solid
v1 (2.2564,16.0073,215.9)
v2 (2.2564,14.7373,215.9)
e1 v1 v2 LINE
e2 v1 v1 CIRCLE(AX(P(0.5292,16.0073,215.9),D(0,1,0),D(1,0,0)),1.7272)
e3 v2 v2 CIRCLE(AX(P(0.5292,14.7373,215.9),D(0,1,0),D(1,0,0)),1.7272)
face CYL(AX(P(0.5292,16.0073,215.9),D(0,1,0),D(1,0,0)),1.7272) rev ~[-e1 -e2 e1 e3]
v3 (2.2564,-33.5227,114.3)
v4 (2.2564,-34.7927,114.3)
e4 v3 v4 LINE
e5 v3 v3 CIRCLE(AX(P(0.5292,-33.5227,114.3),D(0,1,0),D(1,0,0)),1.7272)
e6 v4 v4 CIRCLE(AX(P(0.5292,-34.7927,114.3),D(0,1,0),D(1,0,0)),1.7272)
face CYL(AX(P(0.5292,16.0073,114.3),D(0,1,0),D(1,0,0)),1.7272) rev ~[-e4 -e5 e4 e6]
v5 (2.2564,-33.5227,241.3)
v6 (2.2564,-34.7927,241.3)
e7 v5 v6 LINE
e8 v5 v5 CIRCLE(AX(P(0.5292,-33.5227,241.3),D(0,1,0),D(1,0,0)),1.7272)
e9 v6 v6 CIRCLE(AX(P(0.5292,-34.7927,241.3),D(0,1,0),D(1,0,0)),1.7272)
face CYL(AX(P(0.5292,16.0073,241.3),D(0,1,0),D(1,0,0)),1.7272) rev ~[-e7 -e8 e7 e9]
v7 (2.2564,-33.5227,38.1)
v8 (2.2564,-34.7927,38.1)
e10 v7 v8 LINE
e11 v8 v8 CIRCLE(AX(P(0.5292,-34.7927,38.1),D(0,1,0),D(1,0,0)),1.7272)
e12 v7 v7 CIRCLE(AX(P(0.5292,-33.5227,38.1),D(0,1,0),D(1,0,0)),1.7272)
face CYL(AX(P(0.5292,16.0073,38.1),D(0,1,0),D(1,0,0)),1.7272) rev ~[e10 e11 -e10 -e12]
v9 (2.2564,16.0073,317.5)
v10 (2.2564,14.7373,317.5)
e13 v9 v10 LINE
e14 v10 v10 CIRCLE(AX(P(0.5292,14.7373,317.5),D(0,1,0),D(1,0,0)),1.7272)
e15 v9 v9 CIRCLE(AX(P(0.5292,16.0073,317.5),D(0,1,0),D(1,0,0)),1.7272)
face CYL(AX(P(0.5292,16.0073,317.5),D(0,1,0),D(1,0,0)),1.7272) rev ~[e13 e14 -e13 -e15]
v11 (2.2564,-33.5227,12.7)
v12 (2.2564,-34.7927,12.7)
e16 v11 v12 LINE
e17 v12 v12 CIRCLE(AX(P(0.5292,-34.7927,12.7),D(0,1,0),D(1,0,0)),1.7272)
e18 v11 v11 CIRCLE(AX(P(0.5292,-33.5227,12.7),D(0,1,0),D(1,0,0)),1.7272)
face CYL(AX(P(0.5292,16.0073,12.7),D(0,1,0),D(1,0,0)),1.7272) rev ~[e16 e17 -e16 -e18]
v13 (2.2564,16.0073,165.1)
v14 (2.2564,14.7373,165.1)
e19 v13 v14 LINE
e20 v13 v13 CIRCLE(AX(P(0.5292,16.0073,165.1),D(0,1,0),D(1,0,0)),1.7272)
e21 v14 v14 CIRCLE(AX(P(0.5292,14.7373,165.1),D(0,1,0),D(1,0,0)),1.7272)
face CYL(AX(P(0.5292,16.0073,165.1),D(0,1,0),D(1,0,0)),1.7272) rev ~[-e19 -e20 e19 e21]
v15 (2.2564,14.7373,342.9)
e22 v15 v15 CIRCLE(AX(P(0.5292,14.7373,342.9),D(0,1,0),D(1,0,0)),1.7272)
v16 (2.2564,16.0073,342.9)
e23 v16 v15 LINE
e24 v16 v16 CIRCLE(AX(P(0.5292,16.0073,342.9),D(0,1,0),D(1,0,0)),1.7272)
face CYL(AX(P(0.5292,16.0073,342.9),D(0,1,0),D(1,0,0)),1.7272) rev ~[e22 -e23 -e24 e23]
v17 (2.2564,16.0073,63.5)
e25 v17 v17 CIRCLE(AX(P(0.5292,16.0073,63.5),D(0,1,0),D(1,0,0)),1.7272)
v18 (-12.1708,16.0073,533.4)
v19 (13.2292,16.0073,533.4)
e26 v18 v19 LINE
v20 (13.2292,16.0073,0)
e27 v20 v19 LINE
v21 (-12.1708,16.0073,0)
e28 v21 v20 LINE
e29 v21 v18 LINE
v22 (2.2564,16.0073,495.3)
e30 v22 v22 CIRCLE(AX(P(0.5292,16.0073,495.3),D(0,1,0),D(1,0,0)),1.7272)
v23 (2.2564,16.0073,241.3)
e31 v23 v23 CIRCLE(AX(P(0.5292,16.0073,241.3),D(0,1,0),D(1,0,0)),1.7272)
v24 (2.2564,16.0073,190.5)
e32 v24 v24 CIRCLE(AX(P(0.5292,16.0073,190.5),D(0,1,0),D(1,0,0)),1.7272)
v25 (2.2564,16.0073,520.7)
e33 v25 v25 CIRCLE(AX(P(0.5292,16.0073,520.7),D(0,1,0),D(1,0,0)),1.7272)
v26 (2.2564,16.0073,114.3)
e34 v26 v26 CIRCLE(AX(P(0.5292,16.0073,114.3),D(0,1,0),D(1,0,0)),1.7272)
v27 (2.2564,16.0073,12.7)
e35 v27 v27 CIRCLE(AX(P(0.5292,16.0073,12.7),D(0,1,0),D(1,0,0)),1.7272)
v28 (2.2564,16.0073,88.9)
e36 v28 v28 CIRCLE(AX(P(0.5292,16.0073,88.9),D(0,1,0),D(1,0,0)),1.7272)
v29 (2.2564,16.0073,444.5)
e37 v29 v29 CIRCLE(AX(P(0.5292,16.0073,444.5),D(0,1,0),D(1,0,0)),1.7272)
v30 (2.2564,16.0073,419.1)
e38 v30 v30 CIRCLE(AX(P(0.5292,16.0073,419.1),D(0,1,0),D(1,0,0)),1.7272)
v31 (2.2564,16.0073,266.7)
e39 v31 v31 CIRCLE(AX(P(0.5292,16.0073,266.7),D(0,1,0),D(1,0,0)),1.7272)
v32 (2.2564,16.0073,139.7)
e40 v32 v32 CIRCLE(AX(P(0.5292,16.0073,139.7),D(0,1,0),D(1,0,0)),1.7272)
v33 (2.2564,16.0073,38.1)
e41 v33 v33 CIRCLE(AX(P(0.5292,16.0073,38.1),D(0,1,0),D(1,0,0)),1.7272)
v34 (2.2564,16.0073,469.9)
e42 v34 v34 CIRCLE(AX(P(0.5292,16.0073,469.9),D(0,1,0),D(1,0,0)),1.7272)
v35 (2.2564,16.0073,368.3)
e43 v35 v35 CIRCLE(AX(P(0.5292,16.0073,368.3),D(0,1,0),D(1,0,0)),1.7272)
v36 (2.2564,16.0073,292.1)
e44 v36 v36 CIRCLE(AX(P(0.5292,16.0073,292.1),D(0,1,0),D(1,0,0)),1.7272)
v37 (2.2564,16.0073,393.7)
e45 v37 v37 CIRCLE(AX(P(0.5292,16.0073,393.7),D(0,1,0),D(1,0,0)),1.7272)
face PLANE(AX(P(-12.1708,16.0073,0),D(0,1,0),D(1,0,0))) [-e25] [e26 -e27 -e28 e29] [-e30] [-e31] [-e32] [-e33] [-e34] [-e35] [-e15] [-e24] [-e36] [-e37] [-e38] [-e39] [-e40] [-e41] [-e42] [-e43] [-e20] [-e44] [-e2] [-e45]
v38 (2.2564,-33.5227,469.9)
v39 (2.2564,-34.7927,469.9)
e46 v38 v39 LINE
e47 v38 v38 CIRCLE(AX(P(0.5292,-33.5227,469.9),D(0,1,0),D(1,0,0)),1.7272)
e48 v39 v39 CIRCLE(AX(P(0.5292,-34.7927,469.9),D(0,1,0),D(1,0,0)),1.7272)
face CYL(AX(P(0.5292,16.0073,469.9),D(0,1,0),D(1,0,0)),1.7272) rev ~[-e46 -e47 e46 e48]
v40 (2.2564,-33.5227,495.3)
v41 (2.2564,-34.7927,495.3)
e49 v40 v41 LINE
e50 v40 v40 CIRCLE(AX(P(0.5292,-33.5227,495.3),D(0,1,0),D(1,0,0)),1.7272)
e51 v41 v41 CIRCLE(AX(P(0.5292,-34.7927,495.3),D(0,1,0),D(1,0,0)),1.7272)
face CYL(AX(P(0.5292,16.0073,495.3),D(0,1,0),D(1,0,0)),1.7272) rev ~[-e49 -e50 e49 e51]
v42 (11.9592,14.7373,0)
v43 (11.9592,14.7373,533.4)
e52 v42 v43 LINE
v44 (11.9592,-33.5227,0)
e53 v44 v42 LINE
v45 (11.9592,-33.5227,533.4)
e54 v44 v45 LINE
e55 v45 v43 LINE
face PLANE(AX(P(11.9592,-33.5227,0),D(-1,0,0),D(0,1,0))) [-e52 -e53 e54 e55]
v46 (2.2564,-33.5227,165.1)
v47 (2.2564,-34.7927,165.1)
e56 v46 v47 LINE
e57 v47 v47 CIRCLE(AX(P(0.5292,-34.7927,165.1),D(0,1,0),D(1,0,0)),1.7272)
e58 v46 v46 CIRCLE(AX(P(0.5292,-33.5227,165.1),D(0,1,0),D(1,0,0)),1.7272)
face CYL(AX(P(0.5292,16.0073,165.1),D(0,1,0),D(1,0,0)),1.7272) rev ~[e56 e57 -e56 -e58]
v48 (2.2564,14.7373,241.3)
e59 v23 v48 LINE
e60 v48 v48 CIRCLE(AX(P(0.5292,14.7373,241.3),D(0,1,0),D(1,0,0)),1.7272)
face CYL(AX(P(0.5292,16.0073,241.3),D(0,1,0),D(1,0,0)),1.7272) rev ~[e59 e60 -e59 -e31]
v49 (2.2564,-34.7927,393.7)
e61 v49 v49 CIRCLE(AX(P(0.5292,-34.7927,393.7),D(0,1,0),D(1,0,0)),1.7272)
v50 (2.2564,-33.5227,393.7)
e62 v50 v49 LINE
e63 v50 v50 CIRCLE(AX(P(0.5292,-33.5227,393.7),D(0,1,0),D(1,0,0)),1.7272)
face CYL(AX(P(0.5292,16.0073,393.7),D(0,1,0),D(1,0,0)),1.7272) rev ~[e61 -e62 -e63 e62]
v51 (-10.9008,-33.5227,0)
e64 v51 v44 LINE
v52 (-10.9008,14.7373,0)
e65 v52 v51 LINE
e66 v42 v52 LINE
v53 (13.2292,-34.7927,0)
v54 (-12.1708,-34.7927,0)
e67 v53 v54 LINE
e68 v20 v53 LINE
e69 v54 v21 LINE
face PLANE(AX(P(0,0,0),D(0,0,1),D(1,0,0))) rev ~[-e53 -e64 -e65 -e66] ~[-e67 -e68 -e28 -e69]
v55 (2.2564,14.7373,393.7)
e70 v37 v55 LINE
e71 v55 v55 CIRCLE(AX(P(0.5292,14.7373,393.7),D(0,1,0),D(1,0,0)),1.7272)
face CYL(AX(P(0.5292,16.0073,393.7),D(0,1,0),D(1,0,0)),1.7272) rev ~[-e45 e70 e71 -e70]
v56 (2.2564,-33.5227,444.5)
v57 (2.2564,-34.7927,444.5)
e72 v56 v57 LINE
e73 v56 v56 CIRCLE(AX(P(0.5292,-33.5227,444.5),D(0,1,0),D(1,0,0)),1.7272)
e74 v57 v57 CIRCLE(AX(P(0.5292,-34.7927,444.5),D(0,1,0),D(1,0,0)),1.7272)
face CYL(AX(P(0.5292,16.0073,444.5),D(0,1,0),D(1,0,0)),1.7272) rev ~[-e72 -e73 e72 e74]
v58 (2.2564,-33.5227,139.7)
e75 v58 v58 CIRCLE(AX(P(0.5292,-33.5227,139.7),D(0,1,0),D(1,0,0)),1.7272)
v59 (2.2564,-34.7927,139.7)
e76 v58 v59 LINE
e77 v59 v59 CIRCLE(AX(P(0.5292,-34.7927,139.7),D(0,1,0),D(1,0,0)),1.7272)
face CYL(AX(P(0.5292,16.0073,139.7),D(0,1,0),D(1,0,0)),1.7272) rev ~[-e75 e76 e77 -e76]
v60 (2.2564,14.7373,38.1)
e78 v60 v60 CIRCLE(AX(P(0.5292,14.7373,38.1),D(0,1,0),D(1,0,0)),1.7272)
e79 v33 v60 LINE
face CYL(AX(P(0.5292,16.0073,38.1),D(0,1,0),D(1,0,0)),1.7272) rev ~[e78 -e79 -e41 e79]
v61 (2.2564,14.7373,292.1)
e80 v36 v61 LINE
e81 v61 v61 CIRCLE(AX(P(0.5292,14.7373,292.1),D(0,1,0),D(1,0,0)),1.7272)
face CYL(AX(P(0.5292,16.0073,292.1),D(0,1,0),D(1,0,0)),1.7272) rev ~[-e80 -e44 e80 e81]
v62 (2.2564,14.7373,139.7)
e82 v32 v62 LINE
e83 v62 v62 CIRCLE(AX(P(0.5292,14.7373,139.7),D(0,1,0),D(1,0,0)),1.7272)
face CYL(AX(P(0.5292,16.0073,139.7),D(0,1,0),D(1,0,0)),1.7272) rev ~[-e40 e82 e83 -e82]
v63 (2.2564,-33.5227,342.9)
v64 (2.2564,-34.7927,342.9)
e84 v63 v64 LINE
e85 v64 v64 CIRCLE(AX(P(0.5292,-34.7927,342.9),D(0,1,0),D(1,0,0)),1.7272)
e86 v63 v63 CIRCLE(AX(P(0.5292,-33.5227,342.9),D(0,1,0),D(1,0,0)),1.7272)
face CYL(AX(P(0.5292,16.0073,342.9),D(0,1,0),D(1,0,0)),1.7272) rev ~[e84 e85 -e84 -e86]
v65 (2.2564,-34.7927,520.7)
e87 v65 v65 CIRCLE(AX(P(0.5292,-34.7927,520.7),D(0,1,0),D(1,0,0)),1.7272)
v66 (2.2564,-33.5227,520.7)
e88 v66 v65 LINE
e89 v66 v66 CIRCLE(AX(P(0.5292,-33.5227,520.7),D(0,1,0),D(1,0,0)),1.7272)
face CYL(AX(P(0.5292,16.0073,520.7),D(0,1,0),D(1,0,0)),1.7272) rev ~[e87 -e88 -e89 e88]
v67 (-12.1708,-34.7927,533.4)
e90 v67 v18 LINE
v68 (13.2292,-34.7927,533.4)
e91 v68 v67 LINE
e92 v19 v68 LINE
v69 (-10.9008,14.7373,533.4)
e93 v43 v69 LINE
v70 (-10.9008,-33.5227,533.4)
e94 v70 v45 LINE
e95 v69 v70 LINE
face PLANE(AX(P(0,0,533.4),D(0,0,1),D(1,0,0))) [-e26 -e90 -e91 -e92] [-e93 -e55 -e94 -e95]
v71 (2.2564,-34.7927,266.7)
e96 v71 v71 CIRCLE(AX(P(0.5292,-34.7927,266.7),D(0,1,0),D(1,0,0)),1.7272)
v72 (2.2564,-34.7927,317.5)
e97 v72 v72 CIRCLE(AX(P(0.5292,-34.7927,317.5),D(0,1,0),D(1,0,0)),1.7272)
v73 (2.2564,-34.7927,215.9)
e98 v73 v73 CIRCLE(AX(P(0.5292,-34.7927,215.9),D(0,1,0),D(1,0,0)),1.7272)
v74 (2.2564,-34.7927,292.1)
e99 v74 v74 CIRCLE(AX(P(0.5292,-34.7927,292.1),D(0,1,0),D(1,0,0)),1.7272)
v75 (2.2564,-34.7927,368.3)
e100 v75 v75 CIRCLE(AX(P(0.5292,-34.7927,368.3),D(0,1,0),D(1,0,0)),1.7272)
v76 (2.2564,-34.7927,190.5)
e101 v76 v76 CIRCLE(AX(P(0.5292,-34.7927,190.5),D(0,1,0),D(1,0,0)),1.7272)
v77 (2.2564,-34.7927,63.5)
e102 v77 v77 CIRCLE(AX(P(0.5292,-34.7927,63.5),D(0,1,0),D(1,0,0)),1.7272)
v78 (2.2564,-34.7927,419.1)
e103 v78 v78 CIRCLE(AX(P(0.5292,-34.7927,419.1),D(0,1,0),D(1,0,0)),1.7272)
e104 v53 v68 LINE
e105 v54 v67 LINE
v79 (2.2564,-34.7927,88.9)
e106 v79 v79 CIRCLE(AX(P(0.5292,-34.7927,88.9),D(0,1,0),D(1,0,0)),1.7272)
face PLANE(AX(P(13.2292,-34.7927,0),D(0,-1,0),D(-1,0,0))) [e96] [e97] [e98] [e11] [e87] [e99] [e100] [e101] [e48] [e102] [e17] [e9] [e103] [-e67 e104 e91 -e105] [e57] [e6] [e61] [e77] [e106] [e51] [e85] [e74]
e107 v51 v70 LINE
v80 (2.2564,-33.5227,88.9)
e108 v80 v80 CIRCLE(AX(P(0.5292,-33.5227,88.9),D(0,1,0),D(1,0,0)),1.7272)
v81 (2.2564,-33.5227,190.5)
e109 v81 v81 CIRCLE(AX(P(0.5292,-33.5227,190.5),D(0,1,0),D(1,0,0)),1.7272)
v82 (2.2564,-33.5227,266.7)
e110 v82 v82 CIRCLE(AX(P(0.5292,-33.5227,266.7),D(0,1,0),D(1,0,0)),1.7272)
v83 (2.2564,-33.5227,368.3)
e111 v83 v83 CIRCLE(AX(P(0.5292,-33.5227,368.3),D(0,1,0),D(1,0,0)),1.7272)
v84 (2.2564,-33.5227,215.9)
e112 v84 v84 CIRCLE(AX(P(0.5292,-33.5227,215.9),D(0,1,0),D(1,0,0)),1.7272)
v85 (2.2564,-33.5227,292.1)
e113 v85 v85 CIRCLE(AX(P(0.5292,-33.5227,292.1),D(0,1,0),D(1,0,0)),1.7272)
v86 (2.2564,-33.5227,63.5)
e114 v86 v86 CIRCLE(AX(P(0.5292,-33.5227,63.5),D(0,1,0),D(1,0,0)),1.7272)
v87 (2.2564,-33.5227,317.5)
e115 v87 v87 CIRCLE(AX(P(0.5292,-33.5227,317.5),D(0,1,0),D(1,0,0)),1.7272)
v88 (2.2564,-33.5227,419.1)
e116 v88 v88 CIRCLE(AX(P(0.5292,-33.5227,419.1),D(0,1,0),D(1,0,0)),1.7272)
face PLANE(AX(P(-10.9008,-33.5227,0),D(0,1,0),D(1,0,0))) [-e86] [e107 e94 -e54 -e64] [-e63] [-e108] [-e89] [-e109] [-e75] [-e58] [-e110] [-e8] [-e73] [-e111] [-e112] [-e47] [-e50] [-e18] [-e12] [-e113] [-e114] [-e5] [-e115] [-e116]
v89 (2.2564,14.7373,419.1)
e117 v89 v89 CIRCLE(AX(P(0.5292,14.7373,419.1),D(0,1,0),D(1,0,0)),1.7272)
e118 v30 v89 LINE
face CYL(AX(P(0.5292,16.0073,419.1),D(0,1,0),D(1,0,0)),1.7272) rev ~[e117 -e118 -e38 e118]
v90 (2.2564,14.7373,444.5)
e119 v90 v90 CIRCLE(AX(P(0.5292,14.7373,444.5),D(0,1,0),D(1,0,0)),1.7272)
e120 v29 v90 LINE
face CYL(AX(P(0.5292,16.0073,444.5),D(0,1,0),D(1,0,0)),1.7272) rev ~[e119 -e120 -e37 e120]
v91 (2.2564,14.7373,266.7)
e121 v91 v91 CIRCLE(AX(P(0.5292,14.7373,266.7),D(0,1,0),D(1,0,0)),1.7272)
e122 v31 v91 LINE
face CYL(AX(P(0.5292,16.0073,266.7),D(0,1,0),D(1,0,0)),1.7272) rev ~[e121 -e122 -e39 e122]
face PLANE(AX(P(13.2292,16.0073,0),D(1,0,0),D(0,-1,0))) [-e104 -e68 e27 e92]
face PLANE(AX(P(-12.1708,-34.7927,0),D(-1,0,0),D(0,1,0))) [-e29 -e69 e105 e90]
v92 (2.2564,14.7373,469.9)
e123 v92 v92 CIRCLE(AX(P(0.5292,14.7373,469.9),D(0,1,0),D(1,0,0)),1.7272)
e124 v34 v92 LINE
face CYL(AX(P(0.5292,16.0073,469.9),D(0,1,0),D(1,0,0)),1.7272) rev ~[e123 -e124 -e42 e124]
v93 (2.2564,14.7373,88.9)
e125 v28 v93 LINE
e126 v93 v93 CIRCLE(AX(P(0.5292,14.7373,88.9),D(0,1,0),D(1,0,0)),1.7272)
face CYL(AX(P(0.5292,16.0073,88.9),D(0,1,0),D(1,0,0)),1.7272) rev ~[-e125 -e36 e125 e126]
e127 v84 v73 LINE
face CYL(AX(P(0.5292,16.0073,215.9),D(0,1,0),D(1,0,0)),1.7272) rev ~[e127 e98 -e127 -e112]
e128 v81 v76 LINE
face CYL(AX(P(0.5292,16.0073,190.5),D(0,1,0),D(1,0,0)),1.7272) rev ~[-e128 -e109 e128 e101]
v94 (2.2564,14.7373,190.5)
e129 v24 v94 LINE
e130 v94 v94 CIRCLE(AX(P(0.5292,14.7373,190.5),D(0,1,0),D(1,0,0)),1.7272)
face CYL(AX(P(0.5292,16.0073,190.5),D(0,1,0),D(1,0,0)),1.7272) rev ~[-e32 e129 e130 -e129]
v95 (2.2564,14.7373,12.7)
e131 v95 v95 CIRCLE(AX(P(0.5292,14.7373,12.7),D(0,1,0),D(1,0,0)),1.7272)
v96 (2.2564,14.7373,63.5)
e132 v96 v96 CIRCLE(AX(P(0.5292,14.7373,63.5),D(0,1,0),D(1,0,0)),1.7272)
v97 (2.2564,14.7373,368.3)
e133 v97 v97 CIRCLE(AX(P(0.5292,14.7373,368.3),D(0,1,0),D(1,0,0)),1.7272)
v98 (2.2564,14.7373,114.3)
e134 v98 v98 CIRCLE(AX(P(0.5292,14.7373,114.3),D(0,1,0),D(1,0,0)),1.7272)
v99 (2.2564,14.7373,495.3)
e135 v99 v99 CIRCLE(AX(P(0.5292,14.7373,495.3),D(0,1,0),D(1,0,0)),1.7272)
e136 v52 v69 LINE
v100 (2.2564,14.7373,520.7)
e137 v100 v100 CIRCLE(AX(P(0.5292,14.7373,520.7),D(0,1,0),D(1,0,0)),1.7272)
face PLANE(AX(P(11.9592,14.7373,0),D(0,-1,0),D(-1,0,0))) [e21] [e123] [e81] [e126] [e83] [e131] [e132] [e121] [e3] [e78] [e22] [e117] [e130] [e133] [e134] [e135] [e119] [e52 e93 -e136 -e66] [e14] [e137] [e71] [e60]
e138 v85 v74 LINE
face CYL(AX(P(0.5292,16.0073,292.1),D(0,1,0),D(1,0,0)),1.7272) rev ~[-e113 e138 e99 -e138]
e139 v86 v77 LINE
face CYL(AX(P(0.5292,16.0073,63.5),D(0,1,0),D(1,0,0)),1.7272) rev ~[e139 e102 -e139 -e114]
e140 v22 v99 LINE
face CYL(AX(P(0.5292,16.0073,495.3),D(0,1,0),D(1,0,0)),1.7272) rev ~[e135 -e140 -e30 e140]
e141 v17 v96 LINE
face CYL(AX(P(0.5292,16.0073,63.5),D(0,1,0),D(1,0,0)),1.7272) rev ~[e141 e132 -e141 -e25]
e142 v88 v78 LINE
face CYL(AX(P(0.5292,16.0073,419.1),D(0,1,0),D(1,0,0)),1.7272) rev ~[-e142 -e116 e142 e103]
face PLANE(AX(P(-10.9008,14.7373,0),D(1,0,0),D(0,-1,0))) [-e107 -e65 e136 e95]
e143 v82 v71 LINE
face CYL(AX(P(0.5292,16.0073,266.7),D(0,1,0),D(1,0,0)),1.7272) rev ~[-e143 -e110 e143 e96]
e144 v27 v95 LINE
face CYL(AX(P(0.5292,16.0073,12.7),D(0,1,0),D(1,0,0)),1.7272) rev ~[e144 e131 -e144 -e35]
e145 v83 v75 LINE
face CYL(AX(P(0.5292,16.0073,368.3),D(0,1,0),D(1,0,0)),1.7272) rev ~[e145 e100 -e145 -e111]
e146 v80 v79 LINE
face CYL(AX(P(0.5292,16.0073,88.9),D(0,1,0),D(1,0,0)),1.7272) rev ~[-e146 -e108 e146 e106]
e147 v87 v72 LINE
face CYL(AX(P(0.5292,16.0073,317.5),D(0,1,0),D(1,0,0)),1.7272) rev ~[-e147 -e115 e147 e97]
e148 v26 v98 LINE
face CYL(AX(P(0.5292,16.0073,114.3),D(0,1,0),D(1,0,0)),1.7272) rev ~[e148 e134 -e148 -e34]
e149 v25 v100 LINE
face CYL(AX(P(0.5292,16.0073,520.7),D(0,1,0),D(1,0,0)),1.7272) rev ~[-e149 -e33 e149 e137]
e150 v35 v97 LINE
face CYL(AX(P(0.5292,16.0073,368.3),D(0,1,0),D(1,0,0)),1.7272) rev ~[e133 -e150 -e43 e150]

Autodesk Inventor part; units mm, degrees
ref_plane "YZ Plane" through (0, 0, 0) normal (1, 0, 0) x (0, 1, 0)
ref_plane "XZ Plane" through (0, 0, 0) normal (0, 1, 0) x (-1, 0, 0)
ref_plane "XY Plane" through (0, 0, 0) normal (0, 0, 1) x (1, 0, 0)
sketch "Sketch1" plane through (0, 0, 0) normal (0, 0, 1) x (1, 0, 0)
  line L0 (-12.1708, 16.0073) -> (13.2292, 16.0073)
  line L1 (13.2292, 16.0073) -> (13.2292, -34.7927)
  line L2 (13.2292, -34.7927) -> (-12.1708, -34.7927)
  line L3 (-12.1708, -34.7927) -> (-12.1708, 16.0073)
  line L4 (11.9592, 14.7373) -> (-10.9008, 14.7373)
  line L5 (-10.9008, 14.7373) -> (-10.9008, -33.5227)
  line L6 (-10.9008, -33.5227) -> (11.9592, -33.5227)
  line L7 (11.9592, -33.5227) -> (11.9592, 14.7373)
  point P0 (0, 0)
  dimension "d0" = 25.4
  dimension "d1" = 50.8
  dimension "d2" = 1.27
extrude "Extrusion1" add sketch "Sketch1" along normal blind 533.4
sketch "Sketch2" plane through (-12.1708, 16.0073, 0) normal (0, 1, 0) x (1, 0, 0)
  circle A0 centre (12.7, -12.7) radius 1.7272
  line L0 (25.4, 0) -> (0, 0) projected
  line L1 (0, 0) -> (0, -533.4) projected
  point P0 (12.1708, 0)
  dimension "d5" = 3.4544
  dimension "d6" = 12.7
  dimension "d7" = 12.7
extrude "Extrusion2" cut sketch "Sketch2" against normal through all
pattern_linear "Rectangular Pattern1" count 53 spacing 25.4 along (0, 0, 1) of "Extrusion2"
equation "\"d3\" = d13"
equation "\"d10\" = d14"
equation "\"d13\" = 533.4"
equation "\"d14\" = d13"
properties part number "VersaFrame(TowerCrossBar)"
